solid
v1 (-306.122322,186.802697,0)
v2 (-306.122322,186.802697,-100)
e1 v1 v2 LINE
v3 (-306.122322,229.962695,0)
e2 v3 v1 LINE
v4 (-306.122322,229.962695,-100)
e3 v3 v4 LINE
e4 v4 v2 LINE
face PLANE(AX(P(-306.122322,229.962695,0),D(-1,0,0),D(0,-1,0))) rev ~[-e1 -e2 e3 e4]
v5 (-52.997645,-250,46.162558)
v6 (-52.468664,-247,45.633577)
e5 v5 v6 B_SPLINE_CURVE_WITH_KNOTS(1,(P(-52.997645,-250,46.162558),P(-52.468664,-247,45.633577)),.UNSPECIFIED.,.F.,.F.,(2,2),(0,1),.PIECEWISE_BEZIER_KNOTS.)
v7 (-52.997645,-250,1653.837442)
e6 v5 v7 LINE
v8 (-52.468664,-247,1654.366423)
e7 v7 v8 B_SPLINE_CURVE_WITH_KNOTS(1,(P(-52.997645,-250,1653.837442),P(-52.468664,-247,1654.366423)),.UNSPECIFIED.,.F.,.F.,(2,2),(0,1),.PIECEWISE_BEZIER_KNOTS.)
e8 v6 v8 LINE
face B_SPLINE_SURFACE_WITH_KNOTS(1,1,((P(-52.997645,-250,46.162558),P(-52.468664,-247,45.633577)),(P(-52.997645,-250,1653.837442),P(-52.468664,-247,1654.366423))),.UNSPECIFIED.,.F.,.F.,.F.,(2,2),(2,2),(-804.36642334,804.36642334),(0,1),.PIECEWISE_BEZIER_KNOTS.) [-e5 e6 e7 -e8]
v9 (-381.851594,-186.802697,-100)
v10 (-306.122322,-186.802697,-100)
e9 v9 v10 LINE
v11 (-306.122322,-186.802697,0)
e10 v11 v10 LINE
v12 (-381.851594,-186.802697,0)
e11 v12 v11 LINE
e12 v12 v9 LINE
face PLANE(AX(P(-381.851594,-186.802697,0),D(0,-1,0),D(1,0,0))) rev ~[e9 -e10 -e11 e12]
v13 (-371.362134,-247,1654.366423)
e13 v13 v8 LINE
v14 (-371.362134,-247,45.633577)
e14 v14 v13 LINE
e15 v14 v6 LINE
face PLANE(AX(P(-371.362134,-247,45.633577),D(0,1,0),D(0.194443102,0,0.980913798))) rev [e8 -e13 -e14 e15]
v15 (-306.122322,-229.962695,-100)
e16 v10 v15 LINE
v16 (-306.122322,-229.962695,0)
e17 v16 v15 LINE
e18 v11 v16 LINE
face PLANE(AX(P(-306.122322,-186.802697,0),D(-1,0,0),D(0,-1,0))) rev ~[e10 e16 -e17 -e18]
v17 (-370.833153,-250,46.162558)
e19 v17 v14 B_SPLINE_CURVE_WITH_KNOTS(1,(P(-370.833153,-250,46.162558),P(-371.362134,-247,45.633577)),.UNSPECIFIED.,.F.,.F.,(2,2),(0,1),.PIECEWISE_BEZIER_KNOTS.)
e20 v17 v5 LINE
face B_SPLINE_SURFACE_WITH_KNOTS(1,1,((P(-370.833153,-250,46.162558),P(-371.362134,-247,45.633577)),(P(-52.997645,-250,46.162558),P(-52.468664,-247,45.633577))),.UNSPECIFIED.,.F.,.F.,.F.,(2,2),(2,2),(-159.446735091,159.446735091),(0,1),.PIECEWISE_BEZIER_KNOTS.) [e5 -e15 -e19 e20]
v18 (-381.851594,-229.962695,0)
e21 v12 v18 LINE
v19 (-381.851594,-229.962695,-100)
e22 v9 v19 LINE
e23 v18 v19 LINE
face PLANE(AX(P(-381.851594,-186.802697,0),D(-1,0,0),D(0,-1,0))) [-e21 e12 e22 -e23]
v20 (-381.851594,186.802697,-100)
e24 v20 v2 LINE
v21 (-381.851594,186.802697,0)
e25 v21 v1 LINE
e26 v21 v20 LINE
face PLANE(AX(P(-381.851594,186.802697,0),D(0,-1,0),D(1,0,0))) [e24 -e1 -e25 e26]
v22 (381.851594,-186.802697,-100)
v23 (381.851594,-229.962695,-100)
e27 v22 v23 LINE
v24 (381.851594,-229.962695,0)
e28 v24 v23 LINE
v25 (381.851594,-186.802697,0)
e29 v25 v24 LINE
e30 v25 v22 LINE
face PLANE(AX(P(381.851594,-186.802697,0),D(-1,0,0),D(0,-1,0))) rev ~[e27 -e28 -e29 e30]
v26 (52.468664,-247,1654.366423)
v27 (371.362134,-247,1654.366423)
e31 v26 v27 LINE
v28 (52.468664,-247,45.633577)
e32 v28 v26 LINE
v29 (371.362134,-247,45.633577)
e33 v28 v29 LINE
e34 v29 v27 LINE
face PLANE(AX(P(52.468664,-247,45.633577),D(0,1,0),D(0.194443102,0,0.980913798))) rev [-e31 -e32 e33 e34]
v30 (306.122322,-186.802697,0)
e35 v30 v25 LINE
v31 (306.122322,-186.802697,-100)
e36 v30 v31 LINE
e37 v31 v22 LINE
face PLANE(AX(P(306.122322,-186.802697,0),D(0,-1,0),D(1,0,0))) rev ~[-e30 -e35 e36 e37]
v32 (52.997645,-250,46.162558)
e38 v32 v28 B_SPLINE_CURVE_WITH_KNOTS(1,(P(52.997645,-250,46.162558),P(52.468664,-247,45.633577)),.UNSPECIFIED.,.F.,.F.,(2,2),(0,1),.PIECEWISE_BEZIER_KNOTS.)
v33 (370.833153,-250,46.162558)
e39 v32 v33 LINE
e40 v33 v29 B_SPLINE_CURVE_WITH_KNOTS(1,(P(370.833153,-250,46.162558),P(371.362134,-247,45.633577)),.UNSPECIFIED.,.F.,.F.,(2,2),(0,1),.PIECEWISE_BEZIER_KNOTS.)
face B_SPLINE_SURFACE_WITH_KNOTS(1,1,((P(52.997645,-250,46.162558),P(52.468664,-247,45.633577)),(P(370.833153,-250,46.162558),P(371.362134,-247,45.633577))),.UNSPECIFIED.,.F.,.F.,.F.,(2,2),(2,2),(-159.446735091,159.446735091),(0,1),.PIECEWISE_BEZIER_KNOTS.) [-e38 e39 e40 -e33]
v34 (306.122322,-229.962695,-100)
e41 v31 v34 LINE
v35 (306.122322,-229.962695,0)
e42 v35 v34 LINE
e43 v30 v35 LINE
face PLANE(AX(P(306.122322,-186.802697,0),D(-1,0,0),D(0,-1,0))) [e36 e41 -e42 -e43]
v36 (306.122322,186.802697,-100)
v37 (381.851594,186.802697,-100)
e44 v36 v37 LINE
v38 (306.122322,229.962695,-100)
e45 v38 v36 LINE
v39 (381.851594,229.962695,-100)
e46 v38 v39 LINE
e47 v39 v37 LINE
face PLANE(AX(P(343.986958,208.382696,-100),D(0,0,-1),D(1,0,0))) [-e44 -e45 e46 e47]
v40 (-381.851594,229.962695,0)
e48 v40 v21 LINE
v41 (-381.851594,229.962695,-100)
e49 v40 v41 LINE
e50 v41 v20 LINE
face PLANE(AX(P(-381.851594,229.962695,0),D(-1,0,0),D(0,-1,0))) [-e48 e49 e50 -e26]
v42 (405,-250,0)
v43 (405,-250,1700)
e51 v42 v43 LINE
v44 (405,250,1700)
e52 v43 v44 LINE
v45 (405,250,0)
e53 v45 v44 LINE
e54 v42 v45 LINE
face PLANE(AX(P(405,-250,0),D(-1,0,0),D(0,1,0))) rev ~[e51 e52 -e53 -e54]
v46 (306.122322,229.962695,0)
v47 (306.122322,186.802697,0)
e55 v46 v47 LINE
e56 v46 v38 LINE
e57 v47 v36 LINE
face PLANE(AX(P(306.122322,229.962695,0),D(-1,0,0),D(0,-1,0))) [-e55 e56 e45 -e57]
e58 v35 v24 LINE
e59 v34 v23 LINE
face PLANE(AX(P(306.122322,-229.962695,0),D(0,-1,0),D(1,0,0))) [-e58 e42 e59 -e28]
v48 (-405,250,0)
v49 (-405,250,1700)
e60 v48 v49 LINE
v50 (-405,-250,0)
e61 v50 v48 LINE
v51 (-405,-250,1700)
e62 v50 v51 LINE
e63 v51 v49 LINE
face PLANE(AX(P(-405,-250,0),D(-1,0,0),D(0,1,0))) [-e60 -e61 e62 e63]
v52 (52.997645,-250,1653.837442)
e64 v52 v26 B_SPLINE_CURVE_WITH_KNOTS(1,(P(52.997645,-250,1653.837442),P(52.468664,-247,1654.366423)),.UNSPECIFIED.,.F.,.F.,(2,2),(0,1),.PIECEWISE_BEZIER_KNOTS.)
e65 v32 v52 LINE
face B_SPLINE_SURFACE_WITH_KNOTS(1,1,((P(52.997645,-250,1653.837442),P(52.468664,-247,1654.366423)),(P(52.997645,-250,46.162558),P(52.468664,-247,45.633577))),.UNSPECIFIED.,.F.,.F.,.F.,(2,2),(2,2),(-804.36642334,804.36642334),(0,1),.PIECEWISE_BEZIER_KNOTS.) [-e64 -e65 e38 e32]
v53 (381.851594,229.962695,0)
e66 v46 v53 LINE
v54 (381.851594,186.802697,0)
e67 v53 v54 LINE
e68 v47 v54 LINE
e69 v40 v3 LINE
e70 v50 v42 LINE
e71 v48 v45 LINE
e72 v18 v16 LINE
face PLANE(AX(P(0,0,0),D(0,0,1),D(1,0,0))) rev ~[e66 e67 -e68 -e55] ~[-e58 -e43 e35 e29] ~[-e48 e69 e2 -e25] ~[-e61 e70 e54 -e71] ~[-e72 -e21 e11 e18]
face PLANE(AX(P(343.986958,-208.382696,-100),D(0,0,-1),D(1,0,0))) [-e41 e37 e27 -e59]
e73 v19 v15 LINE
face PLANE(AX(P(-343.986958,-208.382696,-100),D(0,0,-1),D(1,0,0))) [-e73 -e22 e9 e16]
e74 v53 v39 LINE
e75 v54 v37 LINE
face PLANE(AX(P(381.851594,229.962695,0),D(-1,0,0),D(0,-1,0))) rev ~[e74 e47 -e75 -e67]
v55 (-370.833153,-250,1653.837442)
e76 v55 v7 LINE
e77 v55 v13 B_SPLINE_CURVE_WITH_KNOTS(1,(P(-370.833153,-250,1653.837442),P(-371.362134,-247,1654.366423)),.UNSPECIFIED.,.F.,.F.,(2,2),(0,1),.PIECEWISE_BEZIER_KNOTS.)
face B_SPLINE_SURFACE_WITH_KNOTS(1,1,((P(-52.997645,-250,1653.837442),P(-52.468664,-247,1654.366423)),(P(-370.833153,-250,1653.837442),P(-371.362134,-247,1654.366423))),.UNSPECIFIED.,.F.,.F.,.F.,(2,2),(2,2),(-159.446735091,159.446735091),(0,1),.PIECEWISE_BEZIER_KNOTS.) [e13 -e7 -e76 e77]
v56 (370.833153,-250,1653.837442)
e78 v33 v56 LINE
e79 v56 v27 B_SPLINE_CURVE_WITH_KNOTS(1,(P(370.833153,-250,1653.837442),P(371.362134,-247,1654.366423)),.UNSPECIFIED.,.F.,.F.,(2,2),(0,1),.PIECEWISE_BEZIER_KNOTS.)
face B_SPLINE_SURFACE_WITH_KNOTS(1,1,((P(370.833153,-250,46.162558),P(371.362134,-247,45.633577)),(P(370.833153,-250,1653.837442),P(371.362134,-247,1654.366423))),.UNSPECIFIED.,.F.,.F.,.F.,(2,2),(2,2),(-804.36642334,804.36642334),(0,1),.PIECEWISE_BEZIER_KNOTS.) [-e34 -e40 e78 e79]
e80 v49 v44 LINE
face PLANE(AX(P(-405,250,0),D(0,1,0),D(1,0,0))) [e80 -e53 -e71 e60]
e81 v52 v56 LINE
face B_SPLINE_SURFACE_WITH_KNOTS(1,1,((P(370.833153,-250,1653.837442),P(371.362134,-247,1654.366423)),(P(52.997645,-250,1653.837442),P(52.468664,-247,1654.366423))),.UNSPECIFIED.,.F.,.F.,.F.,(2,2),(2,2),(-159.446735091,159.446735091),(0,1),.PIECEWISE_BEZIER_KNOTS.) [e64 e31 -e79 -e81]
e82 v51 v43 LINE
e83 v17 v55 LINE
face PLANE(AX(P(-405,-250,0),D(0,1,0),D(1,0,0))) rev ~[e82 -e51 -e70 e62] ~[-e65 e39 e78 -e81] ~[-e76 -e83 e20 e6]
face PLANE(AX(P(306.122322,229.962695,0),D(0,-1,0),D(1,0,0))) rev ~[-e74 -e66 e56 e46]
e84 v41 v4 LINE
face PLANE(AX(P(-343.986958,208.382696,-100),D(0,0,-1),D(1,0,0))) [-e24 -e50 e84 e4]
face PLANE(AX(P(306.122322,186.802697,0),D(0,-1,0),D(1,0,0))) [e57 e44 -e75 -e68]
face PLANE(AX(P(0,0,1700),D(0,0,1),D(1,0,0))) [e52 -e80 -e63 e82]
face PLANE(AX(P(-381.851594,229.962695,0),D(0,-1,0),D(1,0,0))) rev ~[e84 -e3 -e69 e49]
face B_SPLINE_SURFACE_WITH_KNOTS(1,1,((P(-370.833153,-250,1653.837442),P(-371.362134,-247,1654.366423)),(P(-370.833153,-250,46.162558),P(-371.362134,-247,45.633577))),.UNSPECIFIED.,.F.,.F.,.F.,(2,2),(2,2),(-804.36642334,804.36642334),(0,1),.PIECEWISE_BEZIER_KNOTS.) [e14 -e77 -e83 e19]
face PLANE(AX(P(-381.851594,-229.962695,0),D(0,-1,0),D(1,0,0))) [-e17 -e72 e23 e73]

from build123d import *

# Parameters (mm, degrees)
F0_W     = 810
F0_H     = 500
F1_DEPTH = 1700
F2_W     = 75.7292719425
F2_H     = 43.1599973455
F3_DEPTH = 100
F4_W     = 317.8355082985
F4_H     = 1607.6748847961
F5_DEPTH = 3
F5_TAPER = -10


with BuildPart() as f1:
    # F0 (on Top) → F1 (new body)
    with BuildSketch(Plane.XY):
        Rectangle(F0_W, F0_H)
    extrude(amount=F1_DEPTH)

    # F2 (on face) → F3 (join)
    with BuildSketch(Plane(origin=(0, 0, 0), x_dir=(1, 0, 0), z_dir=(0, 0, -1))):
        with Locations((-343.9869582653, 208.3826959133)):
            Rectangle(F2_W, F2_H)
        with Locations((343.9869582653, 208.3826959133)):
            Rectangle(F2_W, F2_H)
        with Locations((343.9869582653, -208.3826959133)):
            Rectangle(F2_W, F2_H)
        with Locations((-343.9869582653, -208.3826959133)):
            Rectangle(F2_W, F2_H)
    extrude(amount=F3_DEPTH)

    # F4 (on face) → F5 (cut)
    with BuildSketch(Plane.XZ.offset(250)):
        with Locations((-211.9153991399, 850)):
            Rectangle(F4_W, F4_H)
        with Locations((211.9153991399, 850)):
            Rectangle(F4_W, F4_H)
    extrude(amount=-F5_DEPTH, taper=F5_TAPER, mode=Mode.SUBTRACT)


solid = f1.part
